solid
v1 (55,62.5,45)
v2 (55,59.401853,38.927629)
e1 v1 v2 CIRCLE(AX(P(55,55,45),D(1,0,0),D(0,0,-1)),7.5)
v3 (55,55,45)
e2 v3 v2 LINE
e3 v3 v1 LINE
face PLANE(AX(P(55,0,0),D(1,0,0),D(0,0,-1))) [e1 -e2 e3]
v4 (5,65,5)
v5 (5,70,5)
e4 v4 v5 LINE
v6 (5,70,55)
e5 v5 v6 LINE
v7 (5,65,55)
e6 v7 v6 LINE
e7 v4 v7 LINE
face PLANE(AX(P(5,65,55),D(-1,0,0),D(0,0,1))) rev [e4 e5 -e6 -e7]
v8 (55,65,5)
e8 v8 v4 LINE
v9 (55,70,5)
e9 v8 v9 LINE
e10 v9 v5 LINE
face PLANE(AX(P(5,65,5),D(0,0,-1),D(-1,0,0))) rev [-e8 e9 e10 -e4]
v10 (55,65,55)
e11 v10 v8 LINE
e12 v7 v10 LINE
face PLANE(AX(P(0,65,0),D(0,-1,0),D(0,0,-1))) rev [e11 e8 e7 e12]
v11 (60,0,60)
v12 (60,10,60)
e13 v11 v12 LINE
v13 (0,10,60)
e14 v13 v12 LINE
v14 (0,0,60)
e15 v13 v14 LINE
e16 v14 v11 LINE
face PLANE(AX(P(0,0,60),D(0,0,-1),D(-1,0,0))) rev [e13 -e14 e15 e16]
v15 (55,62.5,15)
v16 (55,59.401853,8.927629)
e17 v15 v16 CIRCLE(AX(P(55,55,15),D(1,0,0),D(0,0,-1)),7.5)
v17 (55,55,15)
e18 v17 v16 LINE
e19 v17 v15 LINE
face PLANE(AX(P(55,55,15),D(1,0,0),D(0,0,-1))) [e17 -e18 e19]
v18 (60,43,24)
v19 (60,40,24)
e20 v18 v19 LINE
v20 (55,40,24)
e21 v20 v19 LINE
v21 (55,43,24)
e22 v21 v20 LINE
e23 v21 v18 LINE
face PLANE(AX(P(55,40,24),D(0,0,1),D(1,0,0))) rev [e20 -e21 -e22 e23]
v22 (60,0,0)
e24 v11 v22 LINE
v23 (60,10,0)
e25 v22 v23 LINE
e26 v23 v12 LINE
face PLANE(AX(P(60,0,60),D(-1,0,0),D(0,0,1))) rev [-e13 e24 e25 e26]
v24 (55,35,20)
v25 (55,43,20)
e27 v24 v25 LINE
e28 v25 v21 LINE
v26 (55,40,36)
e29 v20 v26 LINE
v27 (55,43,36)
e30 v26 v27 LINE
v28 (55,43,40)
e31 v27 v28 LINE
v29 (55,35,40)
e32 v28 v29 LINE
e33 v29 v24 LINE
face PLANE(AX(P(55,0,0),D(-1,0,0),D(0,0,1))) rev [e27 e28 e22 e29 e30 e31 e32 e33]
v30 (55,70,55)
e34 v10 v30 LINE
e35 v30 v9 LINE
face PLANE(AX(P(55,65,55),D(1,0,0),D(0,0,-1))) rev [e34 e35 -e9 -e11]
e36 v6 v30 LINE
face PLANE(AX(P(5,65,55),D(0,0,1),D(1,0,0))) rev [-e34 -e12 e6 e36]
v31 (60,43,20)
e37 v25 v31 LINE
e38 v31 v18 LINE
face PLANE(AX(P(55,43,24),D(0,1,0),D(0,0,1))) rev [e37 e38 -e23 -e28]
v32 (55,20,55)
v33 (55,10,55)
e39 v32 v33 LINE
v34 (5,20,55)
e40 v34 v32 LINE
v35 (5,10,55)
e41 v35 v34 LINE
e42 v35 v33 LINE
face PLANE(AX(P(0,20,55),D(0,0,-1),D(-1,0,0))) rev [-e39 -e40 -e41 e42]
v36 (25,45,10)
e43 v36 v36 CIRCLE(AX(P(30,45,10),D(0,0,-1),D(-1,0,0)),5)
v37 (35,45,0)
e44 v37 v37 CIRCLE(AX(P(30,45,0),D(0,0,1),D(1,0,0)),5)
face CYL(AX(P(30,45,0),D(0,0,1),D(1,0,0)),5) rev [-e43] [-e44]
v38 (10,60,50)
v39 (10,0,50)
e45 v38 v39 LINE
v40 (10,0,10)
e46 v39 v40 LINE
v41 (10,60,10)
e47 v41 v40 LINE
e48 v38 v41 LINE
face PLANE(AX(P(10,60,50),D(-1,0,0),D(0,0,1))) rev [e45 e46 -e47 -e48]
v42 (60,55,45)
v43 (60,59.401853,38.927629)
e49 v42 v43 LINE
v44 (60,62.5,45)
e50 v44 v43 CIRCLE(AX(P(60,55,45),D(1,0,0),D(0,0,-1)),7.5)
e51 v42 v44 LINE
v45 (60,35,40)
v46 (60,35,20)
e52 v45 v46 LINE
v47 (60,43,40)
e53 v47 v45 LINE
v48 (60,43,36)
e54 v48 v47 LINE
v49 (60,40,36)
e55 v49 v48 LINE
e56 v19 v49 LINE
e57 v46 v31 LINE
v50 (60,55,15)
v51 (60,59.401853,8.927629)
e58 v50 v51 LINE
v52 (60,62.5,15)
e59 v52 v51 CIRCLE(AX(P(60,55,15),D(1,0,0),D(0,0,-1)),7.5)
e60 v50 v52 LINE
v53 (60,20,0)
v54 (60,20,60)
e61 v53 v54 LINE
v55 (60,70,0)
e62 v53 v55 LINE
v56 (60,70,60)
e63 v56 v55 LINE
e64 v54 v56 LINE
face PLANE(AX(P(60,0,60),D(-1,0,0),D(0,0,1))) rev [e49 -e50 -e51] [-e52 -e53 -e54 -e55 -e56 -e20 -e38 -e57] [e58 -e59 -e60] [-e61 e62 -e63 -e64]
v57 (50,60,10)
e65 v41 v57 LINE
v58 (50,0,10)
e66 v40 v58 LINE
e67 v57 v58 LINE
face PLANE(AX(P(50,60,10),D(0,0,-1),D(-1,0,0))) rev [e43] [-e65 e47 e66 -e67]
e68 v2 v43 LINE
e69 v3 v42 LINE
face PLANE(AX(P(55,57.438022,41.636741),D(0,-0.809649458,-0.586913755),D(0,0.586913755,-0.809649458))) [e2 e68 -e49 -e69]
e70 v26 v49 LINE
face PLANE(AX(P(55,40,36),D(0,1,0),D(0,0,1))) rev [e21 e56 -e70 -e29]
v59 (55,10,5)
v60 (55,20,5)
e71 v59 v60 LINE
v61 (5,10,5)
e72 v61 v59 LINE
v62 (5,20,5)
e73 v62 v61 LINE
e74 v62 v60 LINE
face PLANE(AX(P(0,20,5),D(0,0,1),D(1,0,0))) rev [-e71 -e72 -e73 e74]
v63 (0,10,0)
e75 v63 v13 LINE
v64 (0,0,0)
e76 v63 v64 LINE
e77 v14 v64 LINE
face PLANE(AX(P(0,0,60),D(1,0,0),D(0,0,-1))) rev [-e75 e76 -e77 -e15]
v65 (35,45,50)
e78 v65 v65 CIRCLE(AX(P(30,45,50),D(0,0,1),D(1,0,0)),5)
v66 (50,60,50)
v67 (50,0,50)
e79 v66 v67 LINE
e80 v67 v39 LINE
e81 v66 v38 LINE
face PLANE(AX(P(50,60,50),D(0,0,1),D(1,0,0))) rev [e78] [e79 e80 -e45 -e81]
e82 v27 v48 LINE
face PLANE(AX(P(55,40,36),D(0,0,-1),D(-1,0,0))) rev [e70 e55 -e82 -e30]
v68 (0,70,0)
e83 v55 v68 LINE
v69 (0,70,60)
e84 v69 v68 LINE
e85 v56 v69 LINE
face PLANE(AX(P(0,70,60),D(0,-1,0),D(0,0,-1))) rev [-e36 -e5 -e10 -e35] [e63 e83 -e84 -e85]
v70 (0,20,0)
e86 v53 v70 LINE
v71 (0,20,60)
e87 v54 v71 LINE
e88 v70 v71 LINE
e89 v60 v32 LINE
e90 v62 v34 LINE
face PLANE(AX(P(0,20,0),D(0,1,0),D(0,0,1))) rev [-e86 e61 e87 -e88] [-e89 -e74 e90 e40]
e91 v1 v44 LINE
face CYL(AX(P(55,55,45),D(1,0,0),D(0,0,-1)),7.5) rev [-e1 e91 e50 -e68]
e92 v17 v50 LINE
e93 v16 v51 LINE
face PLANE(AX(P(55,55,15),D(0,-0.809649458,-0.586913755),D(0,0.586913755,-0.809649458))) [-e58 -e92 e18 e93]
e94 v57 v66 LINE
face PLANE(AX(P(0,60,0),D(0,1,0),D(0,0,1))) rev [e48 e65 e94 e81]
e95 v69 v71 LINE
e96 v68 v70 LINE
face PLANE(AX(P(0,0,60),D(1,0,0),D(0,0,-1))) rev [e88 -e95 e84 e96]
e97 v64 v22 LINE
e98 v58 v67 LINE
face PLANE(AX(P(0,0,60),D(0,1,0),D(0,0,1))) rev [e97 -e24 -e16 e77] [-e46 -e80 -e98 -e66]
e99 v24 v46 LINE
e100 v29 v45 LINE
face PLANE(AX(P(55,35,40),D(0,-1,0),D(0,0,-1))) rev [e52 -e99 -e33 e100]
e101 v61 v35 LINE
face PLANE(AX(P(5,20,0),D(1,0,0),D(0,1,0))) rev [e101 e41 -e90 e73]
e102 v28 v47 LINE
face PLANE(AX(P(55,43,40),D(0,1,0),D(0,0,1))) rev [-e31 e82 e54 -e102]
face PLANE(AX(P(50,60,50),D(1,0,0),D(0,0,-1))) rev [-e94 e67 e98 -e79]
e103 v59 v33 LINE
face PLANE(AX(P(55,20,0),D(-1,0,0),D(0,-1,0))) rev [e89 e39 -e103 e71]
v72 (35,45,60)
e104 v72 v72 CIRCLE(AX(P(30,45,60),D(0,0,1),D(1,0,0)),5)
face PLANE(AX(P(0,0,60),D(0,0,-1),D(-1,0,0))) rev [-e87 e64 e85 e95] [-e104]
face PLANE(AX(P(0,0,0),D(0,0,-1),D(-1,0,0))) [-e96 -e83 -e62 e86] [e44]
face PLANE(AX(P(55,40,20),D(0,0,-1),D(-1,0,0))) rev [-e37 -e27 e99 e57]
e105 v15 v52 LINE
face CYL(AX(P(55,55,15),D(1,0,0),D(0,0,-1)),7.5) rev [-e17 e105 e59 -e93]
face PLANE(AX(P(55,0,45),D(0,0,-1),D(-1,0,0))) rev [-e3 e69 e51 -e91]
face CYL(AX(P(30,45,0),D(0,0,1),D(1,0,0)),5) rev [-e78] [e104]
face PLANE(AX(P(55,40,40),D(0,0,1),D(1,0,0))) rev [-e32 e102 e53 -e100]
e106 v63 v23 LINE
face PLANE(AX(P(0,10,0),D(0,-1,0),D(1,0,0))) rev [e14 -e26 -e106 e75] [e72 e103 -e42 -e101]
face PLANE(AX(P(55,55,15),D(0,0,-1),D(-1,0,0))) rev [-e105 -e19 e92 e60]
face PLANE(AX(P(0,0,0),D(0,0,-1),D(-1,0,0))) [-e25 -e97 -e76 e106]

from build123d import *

# Parameters (mm, degrees)
SKETCH1_W           = 60
SKETCH1_H           = 70
BOSS_EXTRUDE3_DEPTH = 60
SKETCH2_W           = 50
SKETCH2_H           = 50
CUT_EXTRUDE1_DEPTH  = 5
SKETCH3_W           = 5
SKETCH3_H           = 10
CUT_EXTRUDE3_DEPTH  = 111
SKETCH6_W           = 5
SKETCH6_H           = 10
CUT_EXTRUDE4_DEPTH  = 111
CUT_EXTRUDE5_DEPTH  = 5
CUT_EXTRUDE7_DEPTH  = 5
SKETCH9_W           = 40
SKETCH9_H           = 40
CUT_EXTRUDE8_DEPTH  = 60
SKETCH10_R          = 5
CUT_EXTRUDE9_DEPTH  = 111


with BuildPart() as part:
    # Sketch1 → Boss-Extrude3 (new body)
    with BuildSketch(Plane.XY):
        with Locations((30, 35)):
            Rectangle(SKETCH1_W, SKETCH1_H)
    extrude(amount=BOSS_EXTRUDE3_DEPTH)

    # Sketch2 → Cut-Extrude1 (cut)
    with BuildSketch(Plane(origin=(0, 70, 0), x_dir=(1, 0, 0), z_dir=(0, 1, 0))):
        with Locations((30, -30)):
            Rectangle(SKETCH2_W, SKETCH2_H)
    extrude(amount=-CUT_EXTRUDE1_DEPTH, mode=Mode.SUBTRACT)

    # Sketch3 → Cut-Extrude3 (cut, through all)
    with BuildSketch(Plane.XY.offset(60)):
        with Locations((2.5, 15)):
            Rectangle(SKETCH3_W, SKETCH3_H)
        with Locations((57.5, 15)):
            Rectangle(SKETCH3_W, SKETCH3_H)
    extrude(amount=-CUT_EXTRUDE3_DEPTH, mode=Mode.SUBTRACT)

    # Sketch6 → Cut-Extrude4 (cut, through all)
    with BuildSketch(Plane(origin=(60, 0, 0), x_dir=(0, 0, -1), z_dir=(1, 0, 0))):
        with Locations((-57.5, 15)):
            Rectangle(SKETCH6_W, SKETCH6_H)
        with Locations((-2.5, 15)):
            Rectangle(SKETCH6_W, SKETCH6_H)
    extrude(amount=-CUT_EXTRUDE4_DEPTH, mode=Mode.SUBTRACT)

    # Sketch7 → Cut-Extrude5 (cut)
    with BuildSketch(Plane(origin=(60, 0, 0), x_dir=(0, 0, -1), z_dir=(1, 0, 0))):
        Polygon((-36, 40), (-24, 40), (-24, 43), (-20, 43), (-20, 40), (-20, 35), (-40, 35), (-40, 40), (-40, 43), (-36, 43), align=None)
    extrude(amount=-CUT_EXTRUDE5_DEPTH, mode=Mode.SUBTRACT)

    # Sketch8 → Cut-Extrude7 (cut)
    with BuildSketch(Plane(origin=(60, 0, 0), x_dir=(0, 0, -1), z_dir=(1, 0, 0))):
        with BuildLine():
            Line((-45, 55), (-45, 62.5))
            ThreePointArc((-45, 62.5), (-48.408526169, 48.319285266), (-38.927629067, 59.401853162))
            Line((-38.927629067, 59.401853162), (-45, 55))
        make_face()
        with BuildLine():
            Line((-15, 55), (-8.927629067, 59.401853162))
            ThreePointArc((-8.927629067, 59.401853162), (-18.408526169, 48.319285266), (-15, 62.5))
            Line((-15, 62.5), (-15, 55))
        make_face()
    extrude(amount=-CUT_EXTRUDE7_DEPTH, mode=Mode.SUBTRACT)

    # Sketch9 → Cut-Extrude8 (cut)
    with BuildSketch(Plane(origin=(0, 0, 0), x_dir=(-1, 0, 0), z_dir=(0, -1, 0))):
        with Locations((-30, -30)):
            Rectangle(SKETCH9_W, SKETCH9_H)
    extrude(amount=-CUT_EXTRUDE8_DEPTH, mode=Mode.SUBTRACT)

    # Sketch10 → Cut-Extrude9 (cut, through all)
    with BuildSketch(Plane.XY.offset(60)):
        with Locations((30, 45)):
            Circle(SKETCH10_R)
    extrude(amount=-CUT_EXTRUDE9_DEPTH, mode=Mode.SUBTRACT)


solid = part.part
